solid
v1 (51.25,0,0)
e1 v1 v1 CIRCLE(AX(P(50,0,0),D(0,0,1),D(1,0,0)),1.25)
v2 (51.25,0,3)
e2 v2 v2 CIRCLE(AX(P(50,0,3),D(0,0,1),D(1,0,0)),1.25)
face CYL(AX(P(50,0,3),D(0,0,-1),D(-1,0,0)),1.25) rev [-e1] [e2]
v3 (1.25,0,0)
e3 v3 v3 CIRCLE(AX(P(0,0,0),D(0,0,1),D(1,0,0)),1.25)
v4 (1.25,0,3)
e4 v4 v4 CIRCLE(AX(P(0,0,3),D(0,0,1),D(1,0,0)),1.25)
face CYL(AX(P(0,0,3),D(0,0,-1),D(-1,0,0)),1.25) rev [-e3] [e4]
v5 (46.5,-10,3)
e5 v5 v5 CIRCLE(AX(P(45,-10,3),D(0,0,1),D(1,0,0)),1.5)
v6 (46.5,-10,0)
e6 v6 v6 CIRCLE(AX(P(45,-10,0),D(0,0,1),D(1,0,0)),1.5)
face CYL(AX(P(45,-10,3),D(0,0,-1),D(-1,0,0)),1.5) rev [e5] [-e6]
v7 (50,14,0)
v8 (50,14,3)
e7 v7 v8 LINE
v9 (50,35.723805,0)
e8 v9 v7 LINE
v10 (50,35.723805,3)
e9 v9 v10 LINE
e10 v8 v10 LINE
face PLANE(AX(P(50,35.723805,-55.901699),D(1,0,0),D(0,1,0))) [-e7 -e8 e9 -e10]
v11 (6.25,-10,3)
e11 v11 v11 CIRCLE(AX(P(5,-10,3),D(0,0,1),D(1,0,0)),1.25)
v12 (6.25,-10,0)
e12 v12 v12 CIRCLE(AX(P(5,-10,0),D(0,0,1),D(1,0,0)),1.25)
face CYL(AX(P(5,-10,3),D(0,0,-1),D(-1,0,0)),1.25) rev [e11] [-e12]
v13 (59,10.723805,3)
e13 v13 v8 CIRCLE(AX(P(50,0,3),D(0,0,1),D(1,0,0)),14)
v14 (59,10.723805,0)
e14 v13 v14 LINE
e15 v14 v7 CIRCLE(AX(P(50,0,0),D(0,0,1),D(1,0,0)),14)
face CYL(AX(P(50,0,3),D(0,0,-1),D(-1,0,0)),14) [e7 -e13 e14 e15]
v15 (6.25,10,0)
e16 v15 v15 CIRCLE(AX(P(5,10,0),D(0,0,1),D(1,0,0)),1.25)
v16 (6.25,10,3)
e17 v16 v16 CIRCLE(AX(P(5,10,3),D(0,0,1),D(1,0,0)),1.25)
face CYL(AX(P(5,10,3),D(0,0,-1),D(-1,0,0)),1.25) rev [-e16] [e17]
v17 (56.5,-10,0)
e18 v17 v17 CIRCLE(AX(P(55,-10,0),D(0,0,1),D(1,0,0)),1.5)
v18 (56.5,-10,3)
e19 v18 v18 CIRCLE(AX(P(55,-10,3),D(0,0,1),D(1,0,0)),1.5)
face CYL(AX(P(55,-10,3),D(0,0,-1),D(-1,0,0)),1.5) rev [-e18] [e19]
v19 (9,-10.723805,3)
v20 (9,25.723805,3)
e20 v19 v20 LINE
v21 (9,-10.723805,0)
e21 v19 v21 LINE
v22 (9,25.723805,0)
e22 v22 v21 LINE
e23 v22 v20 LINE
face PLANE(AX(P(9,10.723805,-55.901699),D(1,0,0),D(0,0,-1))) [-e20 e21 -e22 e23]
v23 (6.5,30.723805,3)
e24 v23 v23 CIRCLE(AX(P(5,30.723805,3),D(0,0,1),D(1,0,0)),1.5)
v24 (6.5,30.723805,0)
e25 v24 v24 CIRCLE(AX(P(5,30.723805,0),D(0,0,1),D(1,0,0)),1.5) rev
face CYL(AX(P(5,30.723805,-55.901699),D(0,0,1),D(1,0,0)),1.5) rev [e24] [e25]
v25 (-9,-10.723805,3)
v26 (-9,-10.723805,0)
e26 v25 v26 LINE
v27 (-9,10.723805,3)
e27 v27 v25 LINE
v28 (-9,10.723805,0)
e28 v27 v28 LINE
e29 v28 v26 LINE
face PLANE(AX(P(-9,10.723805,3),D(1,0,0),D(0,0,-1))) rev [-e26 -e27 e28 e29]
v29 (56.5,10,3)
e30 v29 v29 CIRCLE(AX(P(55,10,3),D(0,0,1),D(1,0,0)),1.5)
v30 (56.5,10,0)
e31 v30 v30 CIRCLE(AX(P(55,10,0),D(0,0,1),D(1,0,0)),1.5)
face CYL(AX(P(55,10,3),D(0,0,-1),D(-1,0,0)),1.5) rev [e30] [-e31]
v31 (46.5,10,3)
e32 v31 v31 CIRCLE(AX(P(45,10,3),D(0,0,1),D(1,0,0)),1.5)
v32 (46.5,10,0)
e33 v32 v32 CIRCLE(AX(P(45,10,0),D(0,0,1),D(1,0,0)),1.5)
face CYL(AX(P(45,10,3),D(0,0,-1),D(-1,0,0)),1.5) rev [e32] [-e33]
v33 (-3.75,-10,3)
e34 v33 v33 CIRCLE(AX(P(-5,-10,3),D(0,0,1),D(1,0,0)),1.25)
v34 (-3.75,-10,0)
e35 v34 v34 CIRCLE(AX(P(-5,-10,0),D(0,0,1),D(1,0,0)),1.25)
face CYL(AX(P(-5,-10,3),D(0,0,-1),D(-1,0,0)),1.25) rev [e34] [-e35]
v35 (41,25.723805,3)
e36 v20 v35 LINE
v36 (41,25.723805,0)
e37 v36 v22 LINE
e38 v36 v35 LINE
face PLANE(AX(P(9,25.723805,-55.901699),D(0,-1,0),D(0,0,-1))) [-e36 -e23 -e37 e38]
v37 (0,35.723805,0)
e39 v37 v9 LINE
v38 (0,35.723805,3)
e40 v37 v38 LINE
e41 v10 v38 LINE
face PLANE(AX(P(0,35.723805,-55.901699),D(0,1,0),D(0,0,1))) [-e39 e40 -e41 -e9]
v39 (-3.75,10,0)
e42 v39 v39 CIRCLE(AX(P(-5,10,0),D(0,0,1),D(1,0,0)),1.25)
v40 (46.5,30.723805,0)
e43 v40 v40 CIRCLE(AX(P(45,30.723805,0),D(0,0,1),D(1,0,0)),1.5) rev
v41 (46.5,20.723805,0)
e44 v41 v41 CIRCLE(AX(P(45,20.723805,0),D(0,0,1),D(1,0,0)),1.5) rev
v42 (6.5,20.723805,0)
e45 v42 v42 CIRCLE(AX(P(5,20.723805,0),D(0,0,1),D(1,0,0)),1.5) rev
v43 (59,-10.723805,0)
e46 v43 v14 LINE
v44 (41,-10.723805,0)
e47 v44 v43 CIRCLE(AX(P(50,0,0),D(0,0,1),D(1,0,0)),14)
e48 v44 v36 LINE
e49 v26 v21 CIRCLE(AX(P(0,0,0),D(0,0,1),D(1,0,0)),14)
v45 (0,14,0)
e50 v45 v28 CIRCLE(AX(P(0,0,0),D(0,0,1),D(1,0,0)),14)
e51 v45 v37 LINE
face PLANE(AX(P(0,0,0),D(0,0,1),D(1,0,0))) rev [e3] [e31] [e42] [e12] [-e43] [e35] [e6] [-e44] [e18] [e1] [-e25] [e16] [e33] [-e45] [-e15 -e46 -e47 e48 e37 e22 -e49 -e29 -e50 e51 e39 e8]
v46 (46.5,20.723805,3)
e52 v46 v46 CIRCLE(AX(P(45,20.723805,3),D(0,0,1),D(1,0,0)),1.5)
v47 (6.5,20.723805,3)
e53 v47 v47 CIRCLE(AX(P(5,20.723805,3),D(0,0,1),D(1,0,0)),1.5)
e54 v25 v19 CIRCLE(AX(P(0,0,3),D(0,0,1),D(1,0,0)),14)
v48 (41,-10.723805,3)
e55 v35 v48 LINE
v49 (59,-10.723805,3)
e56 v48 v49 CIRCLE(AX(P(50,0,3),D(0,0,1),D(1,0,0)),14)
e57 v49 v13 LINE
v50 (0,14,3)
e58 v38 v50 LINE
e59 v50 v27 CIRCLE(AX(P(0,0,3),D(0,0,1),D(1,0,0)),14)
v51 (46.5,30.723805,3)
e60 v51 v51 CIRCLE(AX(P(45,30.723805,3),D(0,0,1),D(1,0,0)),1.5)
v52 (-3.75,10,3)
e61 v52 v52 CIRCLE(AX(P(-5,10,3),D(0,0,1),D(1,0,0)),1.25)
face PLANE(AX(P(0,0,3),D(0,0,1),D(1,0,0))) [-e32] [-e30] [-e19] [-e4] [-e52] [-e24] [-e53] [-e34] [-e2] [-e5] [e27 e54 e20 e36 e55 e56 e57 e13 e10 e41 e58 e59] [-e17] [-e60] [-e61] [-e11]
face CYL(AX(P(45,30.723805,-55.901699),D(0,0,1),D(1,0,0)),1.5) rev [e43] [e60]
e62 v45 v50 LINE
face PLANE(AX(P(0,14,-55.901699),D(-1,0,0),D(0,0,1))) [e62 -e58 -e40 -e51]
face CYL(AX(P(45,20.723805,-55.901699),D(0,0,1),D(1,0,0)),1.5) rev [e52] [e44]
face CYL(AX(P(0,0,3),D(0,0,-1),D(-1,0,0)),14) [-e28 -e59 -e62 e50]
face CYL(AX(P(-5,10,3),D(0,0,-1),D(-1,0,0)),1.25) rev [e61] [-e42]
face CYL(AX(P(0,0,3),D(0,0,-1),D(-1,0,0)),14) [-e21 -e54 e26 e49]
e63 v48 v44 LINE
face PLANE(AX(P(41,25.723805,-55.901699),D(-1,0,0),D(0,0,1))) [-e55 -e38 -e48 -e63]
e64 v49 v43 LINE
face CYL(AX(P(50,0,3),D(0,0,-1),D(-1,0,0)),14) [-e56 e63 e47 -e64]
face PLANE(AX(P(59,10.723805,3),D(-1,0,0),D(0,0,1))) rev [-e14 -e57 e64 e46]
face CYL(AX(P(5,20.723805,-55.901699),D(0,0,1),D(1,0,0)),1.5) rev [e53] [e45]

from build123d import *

# Parameters (mm, degrees)
SKETCH1_R           = 1.25
SKETCH1_R_2         = 1.5
BOSS_EXTRUDE1_DEPTH = 3
SKETCH2_R           = 1.5
BOSS_EXTRUDE2_DEPTH = 3
SKETCH3_W           = 32
SKETCH3_H           = 21.44761059
CUT_EXTRUDE1_DEPTH  = 4


with BuildPart() as part:
    # Sketch1 → Boss-Extrude1 (new body)
    with BuildSketch(Plane.XY):
        with BuildLine():
            Line((-9, 10.723805295), (-9, -10.723805295))
            ThreePointArc((-9, -10.723805295), (0, -14), (9, -10.723805295))
            Line((9, -10.723805295), (41, -10.723805295))
            ThreePointArc((41, -10.723805295), (50, -14), (59, -10.723805295))
            Line((59, -10.723805295), (59, 10.723805295))
            ThreePointArc((59, 10.723805295), (50, 14), (41, 10.723805295))
            Line((41, 10.723805295), (9, 10.723805295))
            ThreePointArc((9, 10.723805295), (0, 14), (-9, 10.723805295))
        make_face()
        Circle(SKETCH1_R, mode=Mode.SUBTRACT)
        with Locations((-5, 10)):
            Circle(SKETCH1_R, mode=Mode.SUBTRACT)
        with Locations((5, 10)):
            Circle(SKETCH1_R, mode=Mode.SUBTRACT)
        with Locations((-5, -10)):
            Circle(SKETCH1_R, mode=Mode.SUBTRACT)
        with Locations((5, -10)):
            Circle(SKETCH1_R, mode=Mode.SUBTRACT)
        with Locations((50, 0)):
            Circle(SKETCH1_R, mode=Mode.SUBTRACT)
        with Locations((45, 10)):
            Circle(SKETCH1_R_2, mode=Mode.SUBTRACT)
        with Locations((55, 10)):
            Circle(SKETCH1_R_2, mode=Mode.SUBTRACT)
        with Locations((45, -10)):
            Circle(SKETCH1_R_2, mode=Mode.SUBTRACT)
        with Locations((55, -10)):
            Circle(SKETCH1_R_2, mode=Mode.SUBTRACT)
        with Locations((25, 0)):
            Circle(SKETCH1_R, mode=Mode.SUBTRACT)
        with Locations((25, 5)):
            Circle(SKETCH1_R, mode=Mode.SUBTRACT)
        with Locations((25, -5)):
            Circle(SKETCH1_R, mode=Mode.SUBTRACT)
        with Locations((35, 0)):
            Circle(SKETCH1_R, mode=Mode.SUBTRACT)
        with Locations((15, 0)):
            Circle(SKETCH1_R, mode=Mode.SUBTRACT)
        with Locations((35, 5)):
            Circle(SKETCH1_R, mode=Mode.SUBTRACT)
        with Locations((35, -5)):
            Circle(SKETCH1_R, mode=Mode.SUBTRACT)
        with Locations((15, -5)):
            Circle(SKETCH1_R, mode=Mode.SUBTRACT)
        with Locations((15, 5)):
            Circle(SKETCH1_R, mode=Mode.SUBTRACT)
    extrude(amount=BOSS_EXTRUDE1_DEPTH)

    # Sketch2 → Boss-Extrude2 (add)
    with BuildSketch(Plane.XY.offset(3)):
        with BuildLine():
            Line((0, 14), (0, 35.723805295))
            Line((0, 35.723805295), (50, 35.723805295))
            Line((50, 35.723805295), (50, 14))
            ThreePointArc((50, 14), (45.21112091, 13.155479355), (41, 10.723805295))
            Line((41, 10.723805295), (41, 25.723805295))
            Line((41, 25.723805295), (9, 25.723805295))
            Line((9, 25.723805295), (9, 10.723805295))
            ThreePointArc((9, 10.723805295), (4.78887909, 13.155479355), (0, 14))
        make_face()
        with Locations((5, 30.723805295)):
            Circle(SKETCH2_R, mode=Mode.SUBTRACT)
        with Locations((45, 30.723805295)):
            Circle(SKETCH2_R, mode=Mode.SUBTRACT)
        with Locations((45, 20.723805295)):
            Circle(SKETCH2_R, mode=Mode.SUBTRACT)
        with Locations((5, 20.723805295)):
            Circle(SKETCH2_R, mode=Mode.SUBTRACT)
    extrude(amount=-BOSS_EXTRUDE2_DEPTH)

    # Sketch3 → Cut-Extrude1 (cut, through all)
    with BuildSketch(Plane.XY.offset(3)):
        with Locations((25, 0)):
            Rectangle(SKETCH3_W, SKETCH3_H)
    extrude(amount=-CUT_EXTRUDE1_DEPTH, mode=Mode.SUBTRACT)


solid = part.part
